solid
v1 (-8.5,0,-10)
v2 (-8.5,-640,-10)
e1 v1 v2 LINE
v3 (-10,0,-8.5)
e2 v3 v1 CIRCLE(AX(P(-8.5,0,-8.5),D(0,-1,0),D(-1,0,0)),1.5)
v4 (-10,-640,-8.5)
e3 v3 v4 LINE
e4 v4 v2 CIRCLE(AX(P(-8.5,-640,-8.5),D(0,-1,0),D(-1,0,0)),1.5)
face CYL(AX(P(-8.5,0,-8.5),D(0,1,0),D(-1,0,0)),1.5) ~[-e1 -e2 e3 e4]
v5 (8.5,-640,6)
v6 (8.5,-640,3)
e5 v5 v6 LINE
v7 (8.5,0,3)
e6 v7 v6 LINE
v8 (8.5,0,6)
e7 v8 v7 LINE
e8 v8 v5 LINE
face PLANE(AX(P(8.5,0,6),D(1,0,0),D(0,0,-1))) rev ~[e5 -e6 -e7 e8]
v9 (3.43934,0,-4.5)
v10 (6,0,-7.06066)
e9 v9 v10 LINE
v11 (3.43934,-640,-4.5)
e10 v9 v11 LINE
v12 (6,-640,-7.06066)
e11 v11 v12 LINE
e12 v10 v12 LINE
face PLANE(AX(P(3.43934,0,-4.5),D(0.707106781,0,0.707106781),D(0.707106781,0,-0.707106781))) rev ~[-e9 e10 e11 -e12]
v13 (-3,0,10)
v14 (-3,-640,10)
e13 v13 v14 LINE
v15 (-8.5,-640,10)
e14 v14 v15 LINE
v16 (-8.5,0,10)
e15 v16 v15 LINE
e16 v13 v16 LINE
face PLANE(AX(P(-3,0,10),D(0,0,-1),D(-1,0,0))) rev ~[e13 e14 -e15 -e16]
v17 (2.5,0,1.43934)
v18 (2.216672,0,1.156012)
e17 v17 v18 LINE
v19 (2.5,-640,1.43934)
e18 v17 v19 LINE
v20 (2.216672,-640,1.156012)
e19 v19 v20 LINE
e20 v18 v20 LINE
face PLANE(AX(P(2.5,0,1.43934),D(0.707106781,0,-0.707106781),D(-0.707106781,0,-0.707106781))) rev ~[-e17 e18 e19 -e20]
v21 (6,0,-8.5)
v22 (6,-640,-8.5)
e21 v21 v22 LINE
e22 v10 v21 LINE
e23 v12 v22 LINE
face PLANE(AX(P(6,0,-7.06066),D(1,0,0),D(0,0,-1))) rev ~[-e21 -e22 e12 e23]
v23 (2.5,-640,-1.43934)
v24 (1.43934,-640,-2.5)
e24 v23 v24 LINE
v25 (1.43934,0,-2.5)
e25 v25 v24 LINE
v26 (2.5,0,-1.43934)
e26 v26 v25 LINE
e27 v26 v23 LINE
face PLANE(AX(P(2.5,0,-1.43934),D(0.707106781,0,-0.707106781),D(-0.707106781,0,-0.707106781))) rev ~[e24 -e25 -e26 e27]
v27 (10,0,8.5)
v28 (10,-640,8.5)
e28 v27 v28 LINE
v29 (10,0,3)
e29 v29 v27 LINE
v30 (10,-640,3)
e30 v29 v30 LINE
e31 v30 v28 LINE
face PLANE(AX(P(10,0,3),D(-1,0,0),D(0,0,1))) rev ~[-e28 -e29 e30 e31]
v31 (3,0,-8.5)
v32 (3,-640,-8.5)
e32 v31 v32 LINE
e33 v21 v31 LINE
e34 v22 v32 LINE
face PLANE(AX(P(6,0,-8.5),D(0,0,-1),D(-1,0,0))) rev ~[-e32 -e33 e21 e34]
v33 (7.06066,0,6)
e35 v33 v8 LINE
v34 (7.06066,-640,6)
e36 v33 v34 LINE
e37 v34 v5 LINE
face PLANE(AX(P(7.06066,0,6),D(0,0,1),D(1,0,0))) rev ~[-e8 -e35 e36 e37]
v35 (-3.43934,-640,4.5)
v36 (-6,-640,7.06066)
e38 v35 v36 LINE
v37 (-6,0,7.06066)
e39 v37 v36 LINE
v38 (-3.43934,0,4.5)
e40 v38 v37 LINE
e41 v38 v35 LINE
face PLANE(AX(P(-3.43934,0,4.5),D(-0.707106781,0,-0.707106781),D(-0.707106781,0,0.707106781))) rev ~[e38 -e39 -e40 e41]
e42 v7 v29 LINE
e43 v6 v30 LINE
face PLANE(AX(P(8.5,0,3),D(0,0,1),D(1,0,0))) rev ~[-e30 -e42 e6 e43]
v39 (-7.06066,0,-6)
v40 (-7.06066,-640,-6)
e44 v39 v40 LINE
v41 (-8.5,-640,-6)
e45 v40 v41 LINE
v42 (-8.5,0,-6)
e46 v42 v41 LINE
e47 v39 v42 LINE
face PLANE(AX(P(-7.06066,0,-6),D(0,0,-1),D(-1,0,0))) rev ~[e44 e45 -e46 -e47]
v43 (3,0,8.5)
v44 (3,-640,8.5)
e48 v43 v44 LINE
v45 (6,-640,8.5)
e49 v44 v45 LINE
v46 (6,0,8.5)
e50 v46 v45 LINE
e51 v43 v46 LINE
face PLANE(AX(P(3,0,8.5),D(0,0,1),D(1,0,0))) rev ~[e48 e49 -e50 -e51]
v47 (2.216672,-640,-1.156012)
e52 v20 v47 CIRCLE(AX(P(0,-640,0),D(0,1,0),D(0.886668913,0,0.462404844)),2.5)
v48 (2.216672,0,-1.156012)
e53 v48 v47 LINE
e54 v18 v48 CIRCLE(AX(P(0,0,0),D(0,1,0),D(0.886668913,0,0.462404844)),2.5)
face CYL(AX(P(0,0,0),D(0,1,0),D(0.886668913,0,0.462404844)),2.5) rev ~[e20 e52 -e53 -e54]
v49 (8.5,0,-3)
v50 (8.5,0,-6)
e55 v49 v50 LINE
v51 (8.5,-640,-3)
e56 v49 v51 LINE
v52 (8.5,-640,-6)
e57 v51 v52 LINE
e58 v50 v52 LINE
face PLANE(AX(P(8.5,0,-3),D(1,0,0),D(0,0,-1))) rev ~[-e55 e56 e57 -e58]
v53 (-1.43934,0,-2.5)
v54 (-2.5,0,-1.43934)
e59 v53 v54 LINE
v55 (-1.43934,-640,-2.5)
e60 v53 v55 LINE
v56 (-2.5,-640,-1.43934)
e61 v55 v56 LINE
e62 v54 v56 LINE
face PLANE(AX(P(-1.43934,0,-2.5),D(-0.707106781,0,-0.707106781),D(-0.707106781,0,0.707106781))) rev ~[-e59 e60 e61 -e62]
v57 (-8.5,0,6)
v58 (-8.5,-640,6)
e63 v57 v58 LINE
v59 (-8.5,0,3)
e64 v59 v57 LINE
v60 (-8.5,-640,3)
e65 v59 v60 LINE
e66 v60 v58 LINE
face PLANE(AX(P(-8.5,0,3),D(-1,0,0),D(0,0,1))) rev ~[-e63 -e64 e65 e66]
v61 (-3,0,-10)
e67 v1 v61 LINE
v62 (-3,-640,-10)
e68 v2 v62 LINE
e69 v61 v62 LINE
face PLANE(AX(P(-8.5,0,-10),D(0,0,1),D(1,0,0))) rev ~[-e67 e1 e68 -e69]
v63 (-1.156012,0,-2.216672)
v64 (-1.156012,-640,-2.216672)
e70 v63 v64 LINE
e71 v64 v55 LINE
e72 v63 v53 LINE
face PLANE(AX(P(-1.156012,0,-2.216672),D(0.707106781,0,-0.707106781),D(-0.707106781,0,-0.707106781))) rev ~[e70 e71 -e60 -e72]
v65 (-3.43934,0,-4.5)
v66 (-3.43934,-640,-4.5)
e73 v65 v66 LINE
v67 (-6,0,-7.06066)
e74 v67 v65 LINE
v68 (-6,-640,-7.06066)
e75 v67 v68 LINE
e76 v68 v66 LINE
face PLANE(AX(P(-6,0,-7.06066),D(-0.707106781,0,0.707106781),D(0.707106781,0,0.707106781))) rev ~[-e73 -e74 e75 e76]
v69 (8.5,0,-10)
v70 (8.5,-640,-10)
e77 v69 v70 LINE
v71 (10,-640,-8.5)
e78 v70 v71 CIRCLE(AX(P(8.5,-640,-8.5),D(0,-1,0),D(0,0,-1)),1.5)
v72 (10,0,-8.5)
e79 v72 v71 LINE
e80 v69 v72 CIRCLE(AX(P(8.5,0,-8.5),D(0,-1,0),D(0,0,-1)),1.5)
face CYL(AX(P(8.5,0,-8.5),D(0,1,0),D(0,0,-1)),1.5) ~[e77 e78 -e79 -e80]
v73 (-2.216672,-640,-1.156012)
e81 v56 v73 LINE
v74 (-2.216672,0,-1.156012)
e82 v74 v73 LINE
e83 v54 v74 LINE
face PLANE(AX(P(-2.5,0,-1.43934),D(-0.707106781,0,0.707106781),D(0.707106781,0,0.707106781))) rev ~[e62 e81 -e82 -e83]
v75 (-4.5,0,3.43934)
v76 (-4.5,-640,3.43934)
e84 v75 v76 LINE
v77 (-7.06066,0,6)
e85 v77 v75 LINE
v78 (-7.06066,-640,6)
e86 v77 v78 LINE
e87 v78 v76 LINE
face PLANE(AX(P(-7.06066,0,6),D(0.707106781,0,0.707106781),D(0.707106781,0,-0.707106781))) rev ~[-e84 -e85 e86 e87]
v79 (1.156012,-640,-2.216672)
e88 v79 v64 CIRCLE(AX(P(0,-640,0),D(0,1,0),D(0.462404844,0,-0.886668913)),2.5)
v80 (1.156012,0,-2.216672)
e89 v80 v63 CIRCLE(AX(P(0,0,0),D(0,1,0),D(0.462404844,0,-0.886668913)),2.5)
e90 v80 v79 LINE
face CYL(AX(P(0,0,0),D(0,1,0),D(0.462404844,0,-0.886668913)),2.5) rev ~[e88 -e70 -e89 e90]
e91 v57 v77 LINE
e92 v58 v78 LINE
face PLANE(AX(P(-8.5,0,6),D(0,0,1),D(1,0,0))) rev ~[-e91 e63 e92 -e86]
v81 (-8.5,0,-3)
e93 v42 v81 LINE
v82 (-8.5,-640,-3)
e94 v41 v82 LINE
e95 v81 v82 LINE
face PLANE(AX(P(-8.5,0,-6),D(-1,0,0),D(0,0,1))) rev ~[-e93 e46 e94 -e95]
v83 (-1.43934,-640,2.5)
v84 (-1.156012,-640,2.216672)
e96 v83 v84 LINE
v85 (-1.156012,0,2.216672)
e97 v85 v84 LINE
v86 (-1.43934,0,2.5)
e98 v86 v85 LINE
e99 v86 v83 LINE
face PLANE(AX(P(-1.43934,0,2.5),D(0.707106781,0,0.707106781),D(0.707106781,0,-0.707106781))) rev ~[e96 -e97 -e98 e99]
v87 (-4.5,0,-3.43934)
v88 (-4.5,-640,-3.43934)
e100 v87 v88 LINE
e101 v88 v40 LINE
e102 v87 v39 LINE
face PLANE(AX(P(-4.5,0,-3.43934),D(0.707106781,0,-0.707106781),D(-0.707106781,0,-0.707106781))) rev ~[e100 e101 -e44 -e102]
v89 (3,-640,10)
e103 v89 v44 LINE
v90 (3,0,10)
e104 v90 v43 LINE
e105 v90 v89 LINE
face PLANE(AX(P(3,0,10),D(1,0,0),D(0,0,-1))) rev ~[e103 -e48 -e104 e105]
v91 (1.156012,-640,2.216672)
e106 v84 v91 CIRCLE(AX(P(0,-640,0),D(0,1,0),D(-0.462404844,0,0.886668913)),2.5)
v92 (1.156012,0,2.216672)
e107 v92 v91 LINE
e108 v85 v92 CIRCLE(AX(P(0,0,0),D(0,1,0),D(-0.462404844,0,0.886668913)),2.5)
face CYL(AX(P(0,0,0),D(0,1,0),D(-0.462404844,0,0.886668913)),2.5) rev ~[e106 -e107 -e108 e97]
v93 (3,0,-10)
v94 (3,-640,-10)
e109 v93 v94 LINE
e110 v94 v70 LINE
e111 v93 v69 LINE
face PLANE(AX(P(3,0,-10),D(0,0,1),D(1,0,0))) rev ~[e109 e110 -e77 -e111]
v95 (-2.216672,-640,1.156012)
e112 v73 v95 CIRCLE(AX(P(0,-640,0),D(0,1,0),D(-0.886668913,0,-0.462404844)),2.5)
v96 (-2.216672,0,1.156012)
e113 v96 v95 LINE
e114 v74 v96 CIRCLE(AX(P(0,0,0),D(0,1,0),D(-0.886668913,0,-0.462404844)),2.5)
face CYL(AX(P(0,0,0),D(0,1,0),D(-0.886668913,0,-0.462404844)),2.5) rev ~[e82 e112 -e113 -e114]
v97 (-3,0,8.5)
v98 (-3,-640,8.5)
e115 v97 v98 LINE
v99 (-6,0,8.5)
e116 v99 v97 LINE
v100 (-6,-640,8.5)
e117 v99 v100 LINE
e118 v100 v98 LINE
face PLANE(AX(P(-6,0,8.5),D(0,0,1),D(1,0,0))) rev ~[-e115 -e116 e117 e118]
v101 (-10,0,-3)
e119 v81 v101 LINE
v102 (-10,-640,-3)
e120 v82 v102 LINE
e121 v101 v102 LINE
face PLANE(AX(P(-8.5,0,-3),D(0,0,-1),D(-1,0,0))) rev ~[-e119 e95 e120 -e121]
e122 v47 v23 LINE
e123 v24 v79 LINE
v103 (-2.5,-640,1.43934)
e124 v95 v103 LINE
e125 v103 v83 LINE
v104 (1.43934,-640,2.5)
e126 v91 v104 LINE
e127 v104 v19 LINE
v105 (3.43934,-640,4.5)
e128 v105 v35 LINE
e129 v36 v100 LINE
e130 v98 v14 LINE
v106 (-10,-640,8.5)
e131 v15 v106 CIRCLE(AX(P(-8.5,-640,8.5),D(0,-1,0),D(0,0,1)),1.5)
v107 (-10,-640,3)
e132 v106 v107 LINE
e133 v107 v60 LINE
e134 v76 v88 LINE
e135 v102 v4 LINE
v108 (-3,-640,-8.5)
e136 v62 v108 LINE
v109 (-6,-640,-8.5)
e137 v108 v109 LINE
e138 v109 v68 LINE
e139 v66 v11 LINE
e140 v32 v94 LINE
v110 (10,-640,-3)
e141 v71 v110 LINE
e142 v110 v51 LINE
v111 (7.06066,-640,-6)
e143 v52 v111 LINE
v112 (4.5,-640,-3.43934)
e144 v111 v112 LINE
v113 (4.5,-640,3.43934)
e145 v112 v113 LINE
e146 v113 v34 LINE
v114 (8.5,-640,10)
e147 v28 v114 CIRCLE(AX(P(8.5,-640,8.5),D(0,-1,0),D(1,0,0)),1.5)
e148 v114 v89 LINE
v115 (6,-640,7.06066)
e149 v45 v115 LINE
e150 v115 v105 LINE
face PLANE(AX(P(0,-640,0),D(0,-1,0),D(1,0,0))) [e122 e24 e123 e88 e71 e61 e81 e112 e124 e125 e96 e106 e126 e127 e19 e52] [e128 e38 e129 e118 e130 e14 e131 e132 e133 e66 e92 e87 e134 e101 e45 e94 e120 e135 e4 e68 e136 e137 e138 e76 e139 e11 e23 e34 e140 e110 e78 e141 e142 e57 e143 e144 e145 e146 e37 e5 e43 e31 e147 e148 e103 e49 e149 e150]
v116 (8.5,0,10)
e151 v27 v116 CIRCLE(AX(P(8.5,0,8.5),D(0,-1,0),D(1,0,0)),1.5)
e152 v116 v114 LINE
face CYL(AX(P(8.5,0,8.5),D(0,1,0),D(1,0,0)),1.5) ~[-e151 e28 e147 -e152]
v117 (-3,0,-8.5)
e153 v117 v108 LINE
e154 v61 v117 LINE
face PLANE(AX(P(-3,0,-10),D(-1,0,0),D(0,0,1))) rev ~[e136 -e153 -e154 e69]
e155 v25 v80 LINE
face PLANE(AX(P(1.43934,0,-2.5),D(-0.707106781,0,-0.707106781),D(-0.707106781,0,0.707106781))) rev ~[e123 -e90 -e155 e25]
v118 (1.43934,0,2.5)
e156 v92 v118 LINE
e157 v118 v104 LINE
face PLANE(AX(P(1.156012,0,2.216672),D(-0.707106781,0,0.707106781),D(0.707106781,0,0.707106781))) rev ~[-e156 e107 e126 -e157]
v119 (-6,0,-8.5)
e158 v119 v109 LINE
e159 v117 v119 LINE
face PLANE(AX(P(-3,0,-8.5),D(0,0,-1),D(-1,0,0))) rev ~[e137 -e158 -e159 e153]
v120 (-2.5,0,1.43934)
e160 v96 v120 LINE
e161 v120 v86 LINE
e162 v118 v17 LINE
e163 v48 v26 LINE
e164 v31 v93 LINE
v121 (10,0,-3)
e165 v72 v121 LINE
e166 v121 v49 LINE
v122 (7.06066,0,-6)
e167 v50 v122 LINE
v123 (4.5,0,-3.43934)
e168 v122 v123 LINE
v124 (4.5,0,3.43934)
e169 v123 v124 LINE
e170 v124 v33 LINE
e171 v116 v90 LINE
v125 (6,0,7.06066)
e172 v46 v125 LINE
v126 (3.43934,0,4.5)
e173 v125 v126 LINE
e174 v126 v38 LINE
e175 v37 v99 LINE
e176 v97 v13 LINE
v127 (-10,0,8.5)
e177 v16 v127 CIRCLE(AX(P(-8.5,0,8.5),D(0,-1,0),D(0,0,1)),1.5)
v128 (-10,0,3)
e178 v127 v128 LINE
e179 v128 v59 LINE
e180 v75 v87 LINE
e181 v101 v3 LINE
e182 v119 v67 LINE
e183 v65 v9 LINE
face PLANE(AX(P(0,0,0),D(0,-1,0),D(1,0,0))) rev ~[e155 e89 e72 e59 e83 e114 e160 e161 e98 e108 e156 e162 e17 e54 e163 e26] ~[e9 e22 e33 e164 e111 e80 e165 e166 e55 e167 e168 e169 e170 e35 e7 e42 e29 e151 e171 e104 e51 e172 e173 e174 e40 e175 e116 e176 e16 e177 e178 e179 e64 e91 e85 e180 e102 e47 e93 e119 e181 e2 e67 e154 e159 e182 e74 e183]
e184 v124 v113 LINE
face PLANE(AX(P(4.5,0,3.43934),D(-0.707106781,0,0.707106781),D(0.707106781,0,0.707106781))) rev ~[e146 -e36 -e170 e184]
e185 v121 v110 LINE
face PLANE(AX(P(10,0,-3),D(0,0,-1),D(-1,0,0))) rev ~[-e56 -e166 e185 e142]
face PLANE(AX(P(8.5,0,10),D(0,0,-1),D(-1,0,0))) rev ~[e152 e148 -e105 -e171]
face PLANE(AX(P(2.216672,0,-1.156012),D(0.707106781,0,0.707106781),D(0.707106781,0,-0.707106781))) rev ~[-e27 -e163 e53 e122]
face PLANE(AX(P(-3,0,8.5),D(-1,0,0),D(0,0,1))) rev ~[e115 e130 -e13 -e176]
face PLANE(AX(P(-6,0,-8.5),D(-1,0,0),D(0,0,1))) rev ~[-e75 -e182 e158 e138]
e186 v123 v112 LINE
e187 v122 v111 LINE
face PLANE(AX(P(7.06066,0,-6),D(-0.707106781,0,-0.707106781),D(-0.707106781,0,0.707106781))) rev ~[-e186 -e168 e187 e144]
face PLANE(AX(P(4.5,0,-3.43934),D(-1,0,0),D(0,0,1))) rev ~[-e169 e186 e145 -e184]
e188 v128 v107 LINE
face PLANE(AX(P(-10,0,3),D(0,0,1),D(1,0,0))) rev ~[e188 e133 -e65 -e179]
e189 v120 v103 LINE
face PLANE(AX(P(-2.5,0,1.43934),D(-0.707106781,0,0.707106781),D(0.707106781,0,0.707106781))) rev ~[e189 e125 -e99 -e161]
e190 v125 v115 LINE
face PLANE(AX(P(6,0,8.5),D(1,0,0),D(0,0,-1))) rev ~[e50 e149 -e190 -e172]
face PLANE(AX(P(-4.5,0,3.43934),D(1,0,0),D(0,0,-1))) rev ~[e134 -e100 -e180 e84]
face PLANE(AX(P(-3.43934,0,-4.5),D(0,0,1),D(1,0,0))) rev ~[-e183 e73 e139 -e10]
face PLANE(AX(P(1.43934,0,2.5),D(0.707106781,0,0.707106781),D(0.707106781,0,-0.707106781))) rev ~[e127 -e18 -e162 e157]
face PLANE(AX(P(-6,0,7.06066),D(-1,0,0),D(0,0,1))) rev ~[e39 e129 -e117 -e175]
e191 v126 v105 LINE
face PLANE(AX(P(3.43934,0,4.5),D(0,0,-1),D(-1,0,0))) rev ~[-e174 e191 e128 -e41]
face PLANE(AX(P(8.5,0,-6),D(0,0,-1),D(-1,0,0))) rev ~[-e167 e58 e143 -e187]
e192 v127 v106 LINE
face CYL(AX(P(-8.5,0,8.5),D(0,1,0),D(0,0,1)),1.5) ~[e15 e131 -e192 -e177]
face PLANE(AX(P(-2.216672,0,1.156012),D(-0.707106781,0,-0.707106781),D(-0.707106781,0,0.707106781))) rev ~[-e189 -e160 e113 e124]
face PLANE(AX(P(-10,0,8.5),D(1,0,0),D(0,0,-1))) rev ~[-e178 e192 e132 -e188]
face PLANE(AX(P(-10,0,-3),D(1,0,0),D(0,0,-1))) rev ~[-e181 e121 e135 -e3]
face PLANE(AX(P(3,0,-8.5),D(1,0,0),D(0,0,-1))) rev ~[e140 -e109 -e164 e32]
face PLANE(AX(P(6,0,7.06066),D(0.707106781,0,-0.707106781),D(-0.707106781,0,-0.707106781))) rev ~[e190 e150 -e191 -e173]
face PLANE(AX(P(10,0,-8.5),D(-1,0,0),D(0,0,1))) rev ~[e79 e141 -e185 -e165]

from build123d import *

# Parameters (mm, degrees)
F1_DEPTH = 640


with BuildPart() as f1:
    # F0 (on Front) → F1 (new body)
    with BuildSketch(Plane.XZ):
        with BuildLine():
            Line((3, -10), (8.5, -10))
            ThreePointArc((8.5, -10), (9.5606601718, -9.5606601718), (10, -8.5))
            Line((10, -8.5), (10, -3))
            Line((10, -3), (8.5, -3))
            Line((8.5, -3), (8.5, -6))
            Line((8.5, -6), (7.0606601718, -6))
            Line((7.0606601718, -6), (4.5, -3.4393398282))
            Line((4.5, -3.4393398282), (4.5, 3.4393398282))
            Line((4.5, 3.4393398282), (7.0606601718, 6))
            Line((7.0606601718, 6), (8.5, 6))
            Line((8.5, 6), (8.5, 3))
            Line((8.5, 3), (10, 3))
            Line((10, 3), (10, 8.5))
            ThreePointArc((10, 8.5), (9.5606601718, 9.5606601718), (8.5, 10))
            Line((8.5, 10), (3, 10))
            Line((3, 10), (3, 8.5))
            Line((3, 8.5), (6, 8.5))
            Line((6, 8.5), (6, 7.0606601718))
            Line((6, 7.0606601718), (3.4393398282, 4.5))
            Line((3.4393398282, 4.5), (-3.4393398282, 4.5))
            Line((-3.4393398282, 4.5), (-6, 7.0606601718))
            Line((-6, 7.0606601718), (-6, 8.5))
            Line((-6, 8.5), (-3, 8.5))
            Line((-3, 8.5), (-3, 10))
            Line((-3, 10), (-8.5, 10))
            ThreePointArc((-8.5, 10), (-9.5606601718, 9.5606601718), (-10, 8.5))
            Line((-10, 8.5), (-10, 3))
            Line((-10, 3), (-8.5, 3))
            Line((-8.5, 3), (-8.5, 6))
            Line((-8.5, 6), (-7.0606601718, 6))
            Line((-7.0606601718, 6), (-4.5, 3.4393398282))
            Line((-4.5, 3.4393398282), (-4.5, -3.4393398282))
            Line((-4.5, -3.4393398282), (-7.0606601718, -6))
            Line((-7.0606601718, -6), (-8.5, -6))
            Line((-8.5, -6), (-8.5, -3))
            Line((-8.5, -3), (-10, -3))
            Line((-10, -3), (-10, -8.5))
            ThreePointArc((-10, -8.5), (-9.5606601718, -9.5606601718), (-8.5, -10))
            Line((-8.5, -10), (-3, -10))
            Line((-3, -10), (-3, -8.5))
            Line((-3, -8.5), (-6, -8.5))
            Line((-6, -8.5), (-6, -7.0606601718))
            Line((-6, -7.0606601718), (-3.4393398282, -4.5))
            Line((-3.4393398282, -4.5), (3.4393398282, -4.5))
            Line((3.4393398282, -4.5), (6, -7.0606601718))
            Line((6, -7.0606601718), (6, -8.5))
            Line((6, -8.5), (3, -8.5))
            Line((3, -8.5), (3, -10))
        make_face()
        with BuildLine():
            ThreePointArc((-1.1560121095, 2.2166722813), (0, 2.5), (1.1560121095, 2.2166722813))
            Line((1.1560121095, 2.2166722813), (1.4393398282, 2.5))
            Line((1.4393398282, 2.5), (2.5, 1.4393398282))
            Line((2.5, 1.4393398282), (2.2166722813, 1.1560121095))
            ThreePointArc((2.2166722813, 1.1560121095), (2.5, 0), (2.2166722813, -1.1560121095))
            Line((2.2166722813, -1.1560121095), (2.5, -1.4393398282))
            Line((2.5, -1.4393398282), (1.4393398282, -2.5))
            Line((1.4393398282, -2.5), (1.1560121095, -2.2166722813))
            ThreePointArc((1.1560121095, -2.2166722813), (0, -2.5), (-1.1560121095, -2.2166722813))
            Line((-1.1560121095, -2.2166722813), (-1.4393398282, -2.5))
            Line((-1.4393398282, -2.5), (-2.5, -1.4393398282))
            Line((-2.5, -1.4393398282), (-2.2166722813, -1.1560121095))
            ThreePointArc((-2.2166722813, -1.1560121095), (-2.5, 0), (-2.2166722813, 1.1560121095))
            Line((-2.2166722813, 1.1560121095), (-2.5, 1.4393398282))
            Line((-2.5, 1.4393398282), (-1.4393398282, 2.5))
            Line((-1.4393398282, 2.5), (-1.1560121095, 2.2166722813))
        make_face(mode=Mode.SUBTRACT)
    extrude(amount=F1_DEPTH)


solid = f1.part
